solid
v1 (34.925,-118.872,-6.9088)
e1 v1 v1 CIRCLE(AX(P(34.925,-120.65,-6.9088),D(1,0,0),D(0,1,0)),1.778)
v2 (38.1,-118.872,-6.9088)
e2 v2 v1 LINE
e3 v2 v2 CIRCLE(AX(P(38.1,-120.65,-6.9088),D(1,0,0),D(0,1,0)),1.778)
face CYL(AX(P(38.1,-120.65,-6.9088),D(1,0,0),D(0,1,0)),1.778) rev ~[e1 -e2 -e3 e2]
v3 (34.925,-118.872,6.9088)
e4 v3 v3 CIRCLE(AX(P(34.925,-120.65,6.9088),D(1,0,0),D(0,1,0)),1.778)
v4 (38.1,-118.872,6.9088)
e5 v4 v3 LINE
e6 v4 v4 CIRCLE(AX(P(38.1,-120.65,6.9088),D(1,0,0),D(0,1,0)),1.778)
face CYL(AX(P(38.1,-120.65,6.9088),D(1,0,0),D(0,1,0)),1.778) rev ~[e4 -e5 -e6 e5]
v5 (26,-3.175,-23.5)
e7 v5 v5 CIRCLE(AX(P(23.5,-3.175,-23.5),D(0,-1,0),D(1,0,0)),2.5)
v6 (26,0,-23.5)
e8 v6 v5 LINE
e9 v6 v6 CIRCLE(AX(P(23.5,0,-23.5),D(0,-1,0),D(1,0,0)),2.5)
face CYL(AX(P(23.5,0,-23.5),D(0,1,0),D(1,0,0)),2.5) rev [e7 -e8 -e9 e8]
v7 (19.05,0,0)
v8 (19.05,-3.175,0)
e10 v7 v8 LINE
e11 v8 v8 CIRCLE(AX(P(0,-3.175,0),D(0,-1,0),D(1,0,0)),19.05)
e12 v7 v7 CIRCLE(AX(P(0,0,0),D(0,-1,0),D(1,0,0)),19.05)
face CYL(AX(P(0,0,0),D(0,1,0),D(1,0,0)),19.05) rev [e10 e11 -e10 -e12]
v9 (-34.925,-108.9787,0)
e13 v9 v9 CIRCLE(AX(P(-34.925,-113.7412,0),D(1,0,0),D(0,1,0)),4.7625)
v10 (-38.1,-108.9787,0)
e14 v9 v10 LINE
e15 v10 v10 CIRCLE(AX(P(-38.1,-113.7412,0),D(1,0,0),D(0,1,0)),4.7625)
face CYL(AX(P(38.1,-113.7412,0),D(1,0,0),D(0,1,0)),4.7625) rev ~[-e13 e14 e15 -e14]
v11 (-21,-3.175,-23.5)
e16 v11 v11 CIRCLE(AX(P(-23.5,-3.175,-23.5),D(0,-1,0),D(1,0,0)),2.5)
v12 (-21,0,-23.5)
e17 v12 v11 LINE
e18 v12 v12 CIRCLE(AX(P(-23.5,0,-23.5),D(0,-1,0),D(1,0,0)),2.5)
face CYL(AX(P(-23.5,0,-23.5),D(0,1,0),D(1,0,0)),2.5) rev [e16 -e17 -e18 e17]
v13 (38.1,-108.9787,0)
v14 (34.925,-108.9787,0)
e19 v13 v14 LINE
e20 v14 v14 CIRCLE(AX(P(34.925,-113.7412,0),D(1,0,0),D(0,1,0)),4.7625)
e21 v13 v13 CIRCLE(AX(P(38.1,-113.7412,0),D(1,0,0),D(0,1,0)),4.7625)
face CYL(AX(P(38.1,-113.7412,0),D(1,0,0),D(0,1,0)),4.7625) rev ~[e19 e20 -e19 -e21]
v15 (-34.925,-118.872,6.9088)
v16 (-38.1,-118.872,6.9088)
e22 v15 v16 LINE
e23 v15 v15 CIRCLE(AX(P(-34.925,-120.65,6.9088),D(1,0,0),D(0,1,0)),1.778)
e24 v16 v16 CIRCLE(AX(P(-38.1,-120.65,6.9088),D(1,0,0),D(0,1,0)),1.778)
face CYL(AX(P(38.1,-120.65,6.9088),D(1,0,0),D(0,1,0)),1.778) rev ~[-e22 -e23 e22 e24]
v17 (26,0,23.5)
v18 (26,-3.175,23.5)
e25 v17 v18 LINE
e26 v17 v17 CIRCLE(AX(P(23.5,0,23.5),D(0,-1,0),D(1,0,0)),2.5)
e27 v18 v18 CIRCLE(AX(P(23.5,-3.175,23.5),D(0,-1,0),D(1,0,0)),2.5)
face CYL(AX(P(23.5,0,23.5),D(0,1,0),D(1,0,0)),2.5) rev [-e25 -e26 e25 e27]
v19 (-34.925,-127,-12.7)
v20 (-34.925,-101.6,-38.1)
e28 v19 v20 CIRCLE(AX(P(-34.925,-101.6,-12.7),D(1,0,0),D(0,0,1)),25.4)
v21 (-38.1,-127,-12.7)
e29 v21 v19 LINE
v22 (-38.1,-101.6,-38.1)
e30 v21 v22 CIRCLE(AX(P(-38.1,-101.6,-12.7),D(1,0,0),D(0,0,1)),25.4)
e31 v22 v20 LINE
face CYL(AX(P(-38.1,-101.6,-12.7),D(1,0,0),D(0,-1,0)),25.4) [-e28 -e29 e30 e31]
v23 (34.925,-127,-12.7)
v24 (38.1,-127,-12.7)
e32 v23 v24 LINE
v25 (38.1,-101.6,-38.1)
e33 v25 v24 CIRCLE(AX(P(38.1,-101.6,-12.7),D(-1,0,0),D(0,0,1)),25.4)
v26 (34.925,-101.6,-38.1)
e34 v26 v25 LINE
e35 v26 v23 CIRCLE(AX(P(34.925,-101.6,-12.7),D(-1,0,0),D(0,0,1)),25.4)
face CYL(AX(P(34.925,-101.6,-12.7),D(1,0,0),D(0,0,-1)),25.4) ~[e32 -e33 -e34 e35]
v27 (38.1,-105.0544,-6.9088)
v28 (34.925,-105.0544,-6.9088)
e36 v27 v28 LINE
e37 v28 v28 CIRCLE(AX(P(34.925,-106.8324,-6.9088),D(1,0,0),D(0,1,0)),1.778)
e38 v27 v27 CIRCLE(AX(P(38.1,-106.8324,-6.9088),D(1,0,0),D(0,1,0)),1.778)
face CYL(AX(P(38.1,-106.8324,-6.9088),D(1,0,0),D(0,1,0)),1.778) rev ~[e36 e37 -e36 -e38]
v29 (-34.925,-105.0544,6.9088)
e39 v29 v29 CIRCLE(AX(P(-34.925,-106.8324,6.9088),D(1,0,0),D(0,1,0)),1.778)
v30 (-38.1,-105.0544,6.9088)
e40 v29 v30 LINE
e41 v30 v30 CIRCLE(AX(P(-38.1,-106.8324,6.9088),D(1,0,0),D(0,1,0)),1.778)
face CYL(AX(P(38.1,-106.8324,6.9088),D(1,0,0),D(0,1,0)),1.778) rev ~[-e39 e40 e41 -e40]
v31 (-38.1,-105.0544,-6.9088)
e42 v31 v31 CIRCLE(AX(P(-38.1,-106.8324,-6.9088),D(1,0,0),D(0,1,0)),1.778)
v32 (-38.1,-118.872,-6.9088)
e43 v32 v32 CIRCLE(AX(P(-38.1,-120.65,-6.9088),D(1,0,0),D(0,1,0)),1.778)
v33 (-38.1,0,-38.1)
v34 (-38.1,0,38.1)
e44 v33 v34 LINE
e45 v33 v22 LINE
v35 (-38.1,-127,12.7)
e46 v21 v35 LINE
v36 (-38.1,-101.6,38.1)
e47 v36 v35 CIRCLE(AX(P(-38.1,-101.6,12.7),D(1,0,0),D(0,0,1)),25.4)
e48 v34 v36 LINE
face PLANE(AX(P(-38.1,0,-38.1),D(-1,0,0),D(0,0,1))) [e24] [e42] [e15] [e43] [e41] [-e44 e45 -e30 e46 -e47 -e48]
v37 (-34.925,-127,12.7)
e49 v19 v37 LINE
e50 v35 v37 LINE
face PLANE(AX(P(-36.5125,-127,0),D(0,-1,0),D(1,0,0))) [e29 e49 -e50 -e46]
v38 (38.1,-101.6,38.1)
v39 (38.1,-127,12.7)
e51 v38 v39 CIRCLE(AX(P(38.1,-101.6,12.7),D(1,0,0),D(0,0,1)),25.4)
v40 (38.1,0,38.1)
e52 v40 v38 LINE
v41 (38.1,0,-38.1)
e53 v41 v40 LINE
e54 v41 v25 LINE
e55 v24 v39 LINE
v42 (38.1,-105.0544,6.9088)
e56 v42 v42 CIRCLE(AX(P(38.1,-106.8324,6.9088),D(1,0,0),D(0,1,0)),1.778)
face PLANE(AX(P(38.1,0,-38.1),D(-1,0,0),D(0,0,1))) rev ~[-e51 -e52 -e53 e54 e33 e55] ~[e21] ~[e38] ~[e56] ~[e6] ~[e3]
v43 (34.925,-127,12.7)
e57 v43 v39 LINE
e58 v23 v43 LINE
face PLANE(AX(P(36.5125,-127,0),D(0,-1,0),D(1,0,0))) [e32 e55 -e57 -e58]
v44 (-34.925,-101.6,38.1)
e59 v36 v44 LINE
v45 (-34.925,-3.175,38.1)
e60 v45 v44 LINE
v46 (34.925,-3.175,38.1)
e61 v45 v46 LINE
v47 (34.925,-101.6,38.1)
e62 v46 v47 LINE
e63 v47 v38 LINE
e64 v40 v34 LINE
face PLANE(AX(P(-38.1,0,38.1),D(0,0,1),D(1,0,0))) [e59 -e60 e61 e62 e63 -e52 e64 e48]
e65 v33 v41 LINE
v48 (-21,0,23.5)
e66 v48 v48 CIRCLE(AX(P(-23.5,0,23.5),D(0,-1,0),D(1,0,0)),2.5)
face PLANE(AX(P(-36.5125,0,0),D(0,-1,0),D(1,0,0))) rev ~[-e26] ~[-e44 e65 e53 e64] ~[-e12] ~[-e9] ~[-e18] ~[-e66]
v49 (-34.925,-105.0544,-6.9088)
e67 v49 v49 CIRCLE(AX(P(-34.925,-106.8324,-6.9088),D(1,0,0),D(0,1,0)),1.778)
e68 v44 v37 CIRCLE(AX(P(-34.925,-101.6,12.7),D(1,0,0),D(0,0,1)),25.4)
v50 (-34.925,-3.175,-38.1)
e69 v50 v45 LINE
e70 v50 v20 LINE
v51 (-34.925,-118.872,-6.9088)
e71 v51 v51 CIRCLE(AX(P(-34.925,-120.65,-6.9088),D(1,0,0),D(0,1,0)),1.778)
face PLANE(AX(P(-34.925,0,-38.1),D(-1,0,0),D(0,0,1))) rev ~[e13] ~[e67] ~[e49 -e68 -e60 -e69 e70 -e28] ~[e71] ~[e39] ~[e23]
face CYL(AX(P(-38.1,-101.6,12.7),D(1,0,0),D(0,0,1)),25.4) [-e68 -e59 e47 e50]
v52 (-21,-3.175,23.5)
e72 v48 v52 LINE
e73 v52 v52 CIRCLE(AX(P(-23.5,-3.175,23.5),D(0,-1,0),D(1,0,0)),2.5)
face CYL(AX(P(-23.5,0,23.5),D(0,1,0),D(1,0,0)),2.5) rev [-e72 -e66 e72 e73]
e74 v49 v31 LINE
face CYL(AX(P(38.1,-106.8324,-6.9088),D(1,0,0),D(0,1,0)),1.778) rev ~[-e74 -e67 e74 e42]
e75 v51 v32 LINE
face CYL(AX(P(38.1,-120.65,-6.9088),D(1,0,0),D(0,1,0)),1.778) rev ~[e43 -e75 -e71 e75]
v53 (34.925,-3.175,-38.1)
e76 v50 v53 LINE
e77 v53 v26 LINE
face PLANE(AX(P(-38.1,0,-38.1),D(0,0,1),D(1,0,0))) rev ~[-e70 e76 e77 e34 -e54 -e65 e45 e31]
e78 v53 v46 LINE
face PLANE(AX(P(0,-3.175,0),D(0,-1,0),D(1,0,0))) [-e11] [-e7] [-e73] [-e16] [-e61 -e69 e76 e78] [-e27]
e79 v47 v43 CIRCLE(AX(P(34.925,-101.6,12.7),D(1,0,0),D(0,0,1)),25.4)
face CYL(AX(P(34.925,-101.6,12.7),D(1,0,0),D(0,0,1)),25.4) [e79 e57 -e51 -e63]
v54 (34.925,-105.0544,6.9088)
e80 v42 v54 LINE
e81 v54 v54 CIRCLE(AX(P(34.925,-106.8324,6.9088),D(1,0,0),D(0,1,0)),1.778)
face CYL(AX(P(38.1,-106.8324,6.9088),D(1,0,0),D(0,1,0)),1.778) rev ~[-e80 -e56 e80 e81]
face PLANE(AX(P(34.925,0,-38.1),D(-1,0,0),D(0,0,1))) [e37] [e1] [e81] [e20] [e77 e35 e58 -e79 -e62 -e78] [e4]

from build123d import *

# Parameters (mm, degrees)
F0_W     = 69.85
F0_H     = 76.2
F0_R     = 2.5
F0_R_2   = 19.05
F1_DEPTH = 3.175
F0_W_2   = 3.175
F2_DEPTH = 127
F3_R     = 1.778
F3_R_2   = 4.7625
F4_DEPTH = 76.201
F5_R     = 25.4
F6_R     = 25.4
F7_R     = 25.4
F8_R     = 25.4


with BuildPart() as f1:
    # F0 (on Front) → F1 (new body)
    with BuildSketch(Plane.XZ):
        Rectangle(F0_W, F0_H)
        with Locations((-23.5, -23.5)):
            Circle(F0_R, mode=Mode.SUBTRACT)
        with Locations((23.5, -23.5)):
            Circle(F0_R, mode=Mode.SUBTRACT)
        with Locations((-23.5, 23.5)):
            Circle(F0_R, mode=Mode.SUBTRACT)
        Circle(F0_R_2, mode=Mode.SUBTRACT)
        with Locations((23.5, 23.5)):
            Circle(F0_R, mode=Mode.SUBTRACT)
    extrude(amount=F1_DEPTH)

    # F0 (on Front) → F2 (join)
    with BuildSketch(Plane.XZ):
        with Locations((-36.5125, 0)):
            Rectangle(F0_W_2, F0_H)
        with Locations((36.5125, 0)):
            Rectangle(F0_W_2, F0_H)
    extrude(amount=F2_DEPTH)

    # F3 (on face) → F4 (cut, through all)
    with BuildSketch(Plane.YZ.offset(38.1)):
        with Locations((-120.65, 6.9088)):
            Circle(F3_R)
        with Locations((-106.8324, 6.9088)):
            Circle(F3_R)
        with Locations((-106.8324, -6.9088)):
            Circle(F3_R)
        with Locations((-120.65, -6.9088)):
            Circle(F3_R)
        with Locations((-113.7412, 0)):
            Circle(F3_R_2)
    extrude(amount=-F4_DEPTH, mode=Mode.SUBTRACT)

    # F5
    f5_edges = [f1.edges().sort_by_distance(p)[0] for p in [
        (36.5125, -127, 38.1),
    ]]
    fillet(f5_edges, radius=F5_R)

    # F6
    f6_edges = [f1.edges().sort_by_distance(p)[0] for p in [
        (-36.5125, -127, 38.1),
    ]]
    fillet(f6_edges, radius=F6_R)

    # F7
    f7_edges = [f1.edges().sort_by_distance(p)[0] for p in [
        (-36.5125, -127, -38.1),
    ]]
    fillet(f7_edges, radius=F7_R)

    # F8
    f8_edges = [f1.edges().sort_by_distance(p)[0] for p in [
        (36.5125, -127, -38.1),
    ]]
    fillet(f8_edges, radius=F8_R)


solid = f1.part
